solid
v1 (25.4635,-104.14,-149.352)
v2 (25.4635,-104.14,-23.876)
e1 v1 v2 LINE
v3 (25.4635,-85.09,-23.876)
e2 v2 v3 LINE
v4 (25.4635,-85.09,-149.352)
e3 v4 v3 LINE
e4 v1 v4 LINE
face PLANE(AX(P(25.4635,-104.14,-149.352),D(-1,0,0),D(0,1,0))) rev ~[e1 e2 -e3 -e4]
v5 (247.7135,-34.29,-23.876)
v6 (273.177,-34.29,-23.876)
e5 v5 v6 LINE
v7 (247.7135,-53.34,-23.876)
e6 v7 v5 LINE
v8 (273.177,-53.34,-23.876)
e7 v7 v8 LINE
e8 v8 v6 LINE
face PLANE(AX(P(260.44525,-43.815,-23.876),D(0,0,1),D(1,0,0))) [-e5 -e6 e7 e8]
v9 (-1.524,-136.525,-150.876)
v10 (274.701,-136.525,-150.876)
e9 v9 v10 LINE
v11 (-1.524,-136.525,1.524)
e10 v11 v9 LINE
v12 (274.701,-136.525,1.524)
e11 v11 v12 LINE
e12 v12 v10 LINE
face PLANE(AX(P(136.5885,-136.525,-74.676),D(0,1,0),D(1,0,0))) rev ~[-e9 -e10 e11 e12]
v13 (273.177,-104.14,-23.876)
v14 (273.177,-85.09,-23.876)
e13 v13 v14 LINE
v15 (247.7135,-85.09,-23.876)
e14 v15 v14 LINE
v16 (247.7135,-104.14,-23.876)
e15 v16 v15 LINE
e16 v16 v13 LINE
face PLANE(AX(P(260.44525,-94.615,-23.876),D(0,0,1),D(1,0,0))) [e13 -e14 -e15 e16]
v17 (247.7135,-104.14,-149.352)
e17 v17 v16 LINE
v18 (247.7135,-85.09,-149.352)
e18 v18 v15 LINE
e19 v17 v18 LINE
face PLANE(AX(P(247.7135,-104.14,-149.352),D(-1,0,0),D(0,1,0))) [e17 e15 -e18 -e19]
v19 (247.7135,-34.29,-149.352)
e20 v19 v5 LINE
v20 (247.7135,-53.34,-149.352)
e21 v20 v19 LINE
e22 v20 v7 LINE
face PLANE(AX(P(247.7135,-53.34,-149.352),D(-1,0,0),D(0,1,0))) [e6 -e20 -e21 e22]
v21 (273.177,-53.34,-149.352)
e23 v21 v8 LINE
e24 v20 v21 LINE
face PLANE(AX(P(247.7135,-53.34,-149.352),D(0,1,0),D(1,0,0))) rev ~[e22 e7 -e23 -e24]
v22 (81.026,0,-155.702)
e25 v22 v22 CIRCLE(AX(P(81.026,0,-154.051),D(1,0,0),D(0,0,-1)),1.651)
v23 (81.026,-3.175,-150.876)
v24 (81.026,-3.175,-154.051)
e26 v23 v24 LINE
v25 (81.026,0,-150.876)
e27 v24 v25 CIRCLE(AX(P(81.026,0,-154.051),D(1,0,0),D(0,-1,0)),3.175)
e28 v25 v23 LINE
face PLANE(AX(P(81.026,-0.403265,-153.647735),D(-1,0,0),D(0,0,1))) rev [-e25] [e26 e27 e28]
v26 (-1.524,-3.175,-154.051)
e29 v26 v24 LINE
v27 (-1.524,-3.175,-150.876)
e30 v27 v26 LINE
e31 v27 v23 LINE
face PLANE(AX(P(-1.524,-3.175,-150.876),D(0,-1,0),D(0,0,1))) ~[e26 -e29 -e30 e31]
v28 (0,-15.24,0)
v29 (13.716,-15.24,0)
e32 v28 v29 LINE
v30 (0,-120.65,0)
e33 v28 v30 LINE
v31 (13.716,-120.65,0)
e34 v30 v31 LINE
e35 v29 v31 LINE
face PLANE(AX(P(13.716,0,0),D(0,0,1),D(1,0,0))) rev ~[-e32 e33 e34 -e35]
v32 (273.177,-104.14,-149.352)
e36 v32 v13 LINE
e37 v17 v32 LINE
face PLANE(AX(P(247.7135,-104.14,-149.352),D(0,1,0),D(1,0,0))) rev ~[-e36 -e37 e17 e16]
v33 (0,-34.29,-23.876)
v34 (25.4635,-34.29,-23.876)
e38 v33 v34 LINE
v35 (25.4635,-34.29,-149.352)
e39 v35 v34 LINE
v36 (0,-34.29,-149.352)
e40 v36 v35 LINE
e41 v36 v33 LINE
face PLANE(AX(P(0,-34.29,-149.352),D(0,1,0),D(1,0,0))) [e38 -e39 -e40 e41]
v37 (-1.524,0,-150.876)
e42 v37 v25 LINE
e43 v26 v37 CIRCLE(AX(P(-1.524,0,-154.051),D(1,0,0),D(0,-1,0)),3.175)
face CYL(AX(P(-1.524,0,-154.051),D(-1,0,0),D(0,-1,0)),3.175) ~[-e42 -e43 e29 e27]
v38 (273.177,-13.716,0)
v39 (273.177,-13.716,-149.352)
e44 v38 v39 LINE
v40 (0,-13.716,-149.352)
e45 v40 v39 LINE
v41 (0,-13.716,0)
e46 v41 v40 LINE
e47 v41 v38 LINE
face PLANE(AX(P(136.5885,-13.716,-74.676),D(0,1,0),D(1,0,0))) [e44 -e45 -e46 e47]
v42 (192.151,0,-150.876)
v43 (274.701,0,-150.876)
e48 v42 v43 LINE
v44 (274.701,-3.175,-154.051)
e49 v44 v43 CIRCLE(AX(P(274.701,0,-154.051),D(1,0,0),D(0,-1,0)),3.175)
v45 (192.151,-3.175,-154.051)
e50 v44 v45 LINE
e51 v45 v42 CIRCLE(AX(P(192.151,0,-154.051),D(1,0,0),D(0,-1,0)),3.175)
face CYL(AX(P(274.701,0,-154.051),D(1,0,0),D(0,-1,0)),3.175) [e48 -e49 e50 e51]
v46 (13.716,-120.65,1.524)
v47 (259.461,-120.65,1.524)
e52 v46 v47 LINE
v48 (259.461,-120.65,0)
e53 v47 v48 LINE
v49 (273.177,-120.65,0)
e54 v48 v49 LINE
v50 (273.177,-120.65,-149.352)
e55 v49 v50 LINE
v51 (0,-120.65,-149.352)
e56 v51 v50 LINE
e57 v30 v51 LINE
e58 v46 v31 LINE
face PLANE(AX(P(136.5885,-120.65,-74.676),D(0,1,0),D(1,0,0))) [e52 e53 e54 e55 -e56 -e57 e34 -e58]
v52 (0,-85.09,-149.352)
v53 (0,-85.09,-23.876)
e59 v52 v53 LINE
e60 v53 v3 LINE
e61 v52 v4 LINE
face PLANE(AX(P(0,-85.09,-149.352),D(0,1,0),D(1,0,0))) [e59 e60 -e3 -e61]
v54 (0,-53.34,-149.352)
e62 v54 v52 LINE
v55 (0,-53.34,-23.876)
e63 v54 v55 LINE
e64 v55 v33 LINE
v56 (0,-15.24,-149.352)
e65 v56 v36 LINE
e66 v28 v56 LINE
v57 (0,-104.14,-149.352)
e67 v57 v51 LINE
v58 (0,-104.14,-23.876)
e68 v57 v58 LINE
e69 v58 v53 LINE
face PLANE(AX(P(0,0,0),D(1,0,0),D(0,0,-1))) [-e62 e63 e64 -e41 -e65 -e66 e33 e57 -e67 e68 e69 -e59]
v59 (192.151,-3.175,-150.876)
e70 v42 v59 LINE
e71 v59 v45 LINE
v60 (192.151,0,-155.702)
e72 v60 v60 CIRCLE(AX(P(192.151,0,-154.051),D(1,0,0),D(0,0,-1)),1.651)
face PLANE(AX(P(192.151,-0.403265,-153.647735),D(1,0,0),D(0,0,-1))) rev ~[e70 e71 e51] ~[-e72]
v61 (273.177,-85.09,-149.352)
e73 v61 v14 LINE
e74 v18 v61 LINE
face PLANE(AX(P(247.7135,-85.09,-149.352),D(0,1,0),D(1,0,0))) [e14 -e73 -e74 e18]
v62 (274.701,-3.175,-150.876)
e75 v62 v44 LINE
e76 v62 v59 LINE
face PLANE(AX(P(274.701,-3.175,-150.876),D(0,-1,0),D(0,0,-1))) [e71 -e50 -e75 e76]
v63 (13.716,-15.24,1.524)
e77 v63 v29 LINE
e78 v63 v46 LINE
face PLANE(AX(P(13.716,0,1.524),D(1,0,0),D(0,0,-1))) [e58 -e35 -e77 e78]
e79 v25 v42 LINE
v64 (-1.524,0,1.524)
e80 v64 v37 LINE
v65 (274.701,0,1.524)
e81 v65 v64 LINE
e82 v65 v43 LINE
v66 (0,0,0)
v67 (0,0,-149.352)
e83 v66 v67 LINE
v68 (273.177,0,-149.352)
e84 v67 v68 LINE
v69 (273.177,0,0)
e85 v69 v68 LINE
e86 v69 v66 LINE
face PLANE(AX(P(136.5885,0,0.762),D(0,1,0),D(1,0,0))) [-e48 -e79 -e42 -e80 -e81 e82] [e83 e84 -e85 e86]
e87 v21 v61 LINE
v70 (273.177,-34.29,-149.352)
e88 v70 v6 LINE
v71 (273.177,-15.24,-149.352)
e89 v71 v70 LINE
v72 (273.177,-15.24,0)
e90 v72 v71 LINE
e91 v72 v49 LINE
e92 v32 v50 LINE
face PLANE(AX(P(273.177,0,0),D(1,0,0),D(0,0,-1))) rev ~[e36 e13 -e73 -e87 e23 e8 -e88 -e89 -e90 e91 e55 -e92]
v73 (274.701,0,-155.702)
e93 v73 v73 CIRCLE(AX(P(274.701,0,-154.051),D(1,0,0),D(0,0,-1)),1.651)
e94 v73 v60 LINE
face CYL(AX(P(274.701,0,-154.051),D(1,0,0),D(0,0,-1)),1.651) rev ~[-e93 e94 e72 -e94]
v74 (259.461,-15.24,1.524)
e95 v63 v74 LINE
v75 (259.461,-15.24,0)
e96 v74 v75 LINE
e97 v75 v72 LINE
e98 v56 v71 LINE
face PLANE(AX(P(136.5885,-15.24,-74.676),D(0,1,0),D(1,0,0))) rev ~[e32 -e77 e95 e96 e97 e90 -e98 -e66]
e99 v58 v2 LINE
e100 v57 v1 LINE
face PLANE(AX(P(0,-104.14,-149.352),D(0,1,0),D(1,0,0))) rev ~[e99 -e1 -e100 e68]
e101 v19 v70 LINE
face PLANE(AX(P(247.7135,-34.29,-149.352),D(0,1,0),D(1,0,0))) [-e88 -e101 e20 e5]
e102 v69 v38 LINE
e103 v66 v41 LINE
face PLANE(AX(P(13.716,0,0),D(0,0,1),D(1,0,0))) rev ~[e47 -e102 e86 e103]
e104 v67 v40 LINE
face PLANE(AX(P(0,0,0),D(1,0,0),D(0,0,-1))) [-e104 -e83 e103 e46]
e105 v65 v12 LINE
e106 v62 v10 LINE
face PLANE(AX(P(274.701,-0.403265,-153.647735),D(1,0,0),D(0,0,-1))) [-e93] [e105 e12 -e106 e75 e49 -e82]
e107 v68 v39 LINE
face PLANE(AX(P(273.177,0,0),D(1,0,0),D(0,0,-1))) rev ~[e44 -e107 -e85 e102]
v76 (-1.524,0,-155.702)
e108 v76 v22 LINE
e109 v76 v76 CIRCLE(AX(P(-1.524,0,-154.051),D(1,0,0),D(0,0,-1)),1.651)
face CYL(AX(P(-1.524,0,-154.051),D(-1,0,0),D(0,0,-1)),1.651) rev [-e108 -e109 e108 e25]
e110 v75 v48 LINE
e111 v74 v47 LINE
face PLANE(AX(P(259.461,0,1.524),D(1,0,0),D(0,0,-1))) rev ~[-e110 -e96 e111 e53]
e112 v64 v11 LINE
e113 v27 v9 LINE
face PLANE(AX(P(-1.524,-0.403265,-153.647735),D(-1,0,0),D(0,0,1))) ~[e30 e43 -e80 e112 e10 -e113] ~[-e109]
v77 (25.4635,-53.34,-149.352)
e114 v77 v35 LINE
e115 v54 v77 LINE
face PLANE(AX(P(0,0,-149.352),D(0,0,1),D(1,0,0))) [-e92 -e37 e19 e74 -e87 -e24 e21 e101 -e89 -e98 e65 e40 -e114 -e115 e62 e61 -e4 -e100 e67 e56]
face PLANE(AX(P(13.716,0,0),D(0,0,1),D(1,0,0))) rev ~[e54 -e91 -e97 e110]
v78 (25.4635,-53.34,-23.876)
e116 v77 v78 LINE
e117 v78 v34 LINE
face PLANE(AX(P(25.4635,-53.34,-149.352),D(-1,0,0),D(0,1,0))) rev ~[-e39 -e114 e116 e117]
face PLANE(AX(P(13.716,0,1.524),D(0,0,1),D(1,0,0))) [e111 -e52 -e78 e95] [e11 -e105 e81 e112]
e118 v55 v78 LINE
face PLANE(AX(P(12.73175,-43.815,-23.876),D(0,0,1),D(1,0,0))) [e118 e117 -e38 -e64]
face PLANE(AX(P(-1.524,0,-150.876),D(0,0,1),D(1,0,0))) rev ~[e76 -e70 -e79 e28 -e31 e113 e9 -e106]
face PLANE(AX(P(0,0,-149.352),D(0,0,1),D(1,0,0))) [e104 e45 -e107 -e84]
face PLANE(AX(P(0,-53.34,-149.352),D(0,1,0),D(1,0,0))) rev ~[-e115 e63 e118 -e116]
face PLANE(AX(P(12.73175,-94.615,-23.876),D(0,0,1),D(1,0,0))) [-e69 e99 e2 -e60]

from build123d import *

# Parameters (mm, degrees)
SKETCH1_W               = 276.225
SKETCH1_H               = 152.4
BULK_EXTRUDE_DEPTH      = 136.525
SKETCH1_13_W            = 273.177
SKETCH1_13_H            = 149.352
SKETCH1_13_W_2          = 245.745
SKETCH1_13_H_2          = 1.524
INNER_SHELL_CUT_DEPTH   = 120.65
SKETCH1_14_W            = 245.745
SKETCH1_14_H            = 1.524
TOP_WALL_EXTRUDE_DEPTH  = 15.24
TOP_START               = -15.24
SKETCH1_15_W            = 273.177
SKETCH1_15_H            = 149.352
TOP_FLOOR_EXTRUDE_DEPTH = 1.524
SKETCH5_R               = 1.651
HINGE_EXTRUDE_DEPTH     = 82.55
SKETCH7_W               = 25.4635
SKETCH7_H               = 19.05
RAILS_EXTRUDE_DEPTH     = 125.476


with BuildPart() as part:
    # Sketch1 → Bulk-Extrude (new body)
    with BuildSketch(Plane(origin=(0, 0, 0), x_dir=(1, 0, 0), z_dir=(0, 1, 0))):
        with Locations((136.5885, 74.676)):
            Rectangle(SKETCH1_W, SKETCH1_H)
    extrude(amount=-BULK_EXTRUDE_DEPTH)

    # Sketch1<13> → Inner Shell-Cut (cut)
    with BuildSketch(Plane(origin=(0, 0, 0), x_dir=(1, 0, 0), z_dir=(0, 1, 0))):
        with Locations((136.5885, 74.676)):
            Rectangle(SKETCH1_13_W, SKETCH1_13_H)
        with Locations((136.5885, -0.762)):
            Rectangle(SKETCH1_13_W_2, SKETCH1_13_H_2)
    extrude(amount=-INNER_SHELL_CUT_DEPTH, mode=Mode.SUBTRACT)

    # Sketch1<14> → Top Wall-Extrude (add)
    with BuildSketch(Plane(origin=(0, 0, 0), x_dir=(1, 0, 0), z_dir=(0, 1, 0))):
        with Locations((136.5885, -0.762)):
            Rectangle(SKETCH1_14_W, SKETCH1_14_H)
    extrude(amount=-TOP_WALL_EXTRUDE_DEPTH)

    # Sketch1<15> → Top Floor-Extrude (add)
    with BuildSketch(Plane(origin=(0, 0, 0), x_dir=(1, 0, 0), z_dir=(0, 1, 0)).offset(TOP_START)):
        with Locations((136.5885, 74.676)):
            Rectangle(SKETCH1_15_W, SKETCH1_15_H)
    extrude(amount=TOP_FLOOR_EXTRUDE_DEPTH)

    # Sketch5 → Hinge-Extrude (add)
    with BuildSketch(Plane(origin=(274.701, 0, 0), x_dir=(0, 0, -1), z_dir=(1, 0, 0))):
        with BuildLine():
            Line((150.876, 0), (150.876, -3.175))
            Line((150.876, -3.175), (154.051, -3.175))
            ThreePointArc((154.051, -3.175), (156.29606403, 2.24506403), (150.876, 0))
        make_face()
        with Locations((154.051, 0)):
            Circle(SKETCH5_R, mode=Mode.SUBTRACT)
    hinge_extrude = extrude(amount=-HINGE_EXTRUDE_DEPTH)

    # Mirror1: Hinge-Extrude across plane
    add(hinge_extrude.mirror(Plane(origin=(136.5885, 0, 0), x_dir=(0, 0, 1), z_dir=(1, 0, 0))))

    # Sketch7 → Rails-Extrude (add)
    with BuildSketch(Plane.XY.offset(-149.352)):
        with Locations((12.73175, -43.815)):
            Rectangle(SKETCH7_W, SKETCH7_H)
        with Locations((260.44525, -43.815)):
            Rectangle(SKETCH7_W, SKETCH7_H)
        with Locations((12.73175, -94.615)):
            Rectangle(SKETCH7_W, SKETCH7_H)
        with Locations((260.44525, -94.615)):
            Rectangle(SKETCH7_W, SKETCH7_H)
    extrude(amount=RAILS_EXTRUDE_DEPTH)


solid = part.part
